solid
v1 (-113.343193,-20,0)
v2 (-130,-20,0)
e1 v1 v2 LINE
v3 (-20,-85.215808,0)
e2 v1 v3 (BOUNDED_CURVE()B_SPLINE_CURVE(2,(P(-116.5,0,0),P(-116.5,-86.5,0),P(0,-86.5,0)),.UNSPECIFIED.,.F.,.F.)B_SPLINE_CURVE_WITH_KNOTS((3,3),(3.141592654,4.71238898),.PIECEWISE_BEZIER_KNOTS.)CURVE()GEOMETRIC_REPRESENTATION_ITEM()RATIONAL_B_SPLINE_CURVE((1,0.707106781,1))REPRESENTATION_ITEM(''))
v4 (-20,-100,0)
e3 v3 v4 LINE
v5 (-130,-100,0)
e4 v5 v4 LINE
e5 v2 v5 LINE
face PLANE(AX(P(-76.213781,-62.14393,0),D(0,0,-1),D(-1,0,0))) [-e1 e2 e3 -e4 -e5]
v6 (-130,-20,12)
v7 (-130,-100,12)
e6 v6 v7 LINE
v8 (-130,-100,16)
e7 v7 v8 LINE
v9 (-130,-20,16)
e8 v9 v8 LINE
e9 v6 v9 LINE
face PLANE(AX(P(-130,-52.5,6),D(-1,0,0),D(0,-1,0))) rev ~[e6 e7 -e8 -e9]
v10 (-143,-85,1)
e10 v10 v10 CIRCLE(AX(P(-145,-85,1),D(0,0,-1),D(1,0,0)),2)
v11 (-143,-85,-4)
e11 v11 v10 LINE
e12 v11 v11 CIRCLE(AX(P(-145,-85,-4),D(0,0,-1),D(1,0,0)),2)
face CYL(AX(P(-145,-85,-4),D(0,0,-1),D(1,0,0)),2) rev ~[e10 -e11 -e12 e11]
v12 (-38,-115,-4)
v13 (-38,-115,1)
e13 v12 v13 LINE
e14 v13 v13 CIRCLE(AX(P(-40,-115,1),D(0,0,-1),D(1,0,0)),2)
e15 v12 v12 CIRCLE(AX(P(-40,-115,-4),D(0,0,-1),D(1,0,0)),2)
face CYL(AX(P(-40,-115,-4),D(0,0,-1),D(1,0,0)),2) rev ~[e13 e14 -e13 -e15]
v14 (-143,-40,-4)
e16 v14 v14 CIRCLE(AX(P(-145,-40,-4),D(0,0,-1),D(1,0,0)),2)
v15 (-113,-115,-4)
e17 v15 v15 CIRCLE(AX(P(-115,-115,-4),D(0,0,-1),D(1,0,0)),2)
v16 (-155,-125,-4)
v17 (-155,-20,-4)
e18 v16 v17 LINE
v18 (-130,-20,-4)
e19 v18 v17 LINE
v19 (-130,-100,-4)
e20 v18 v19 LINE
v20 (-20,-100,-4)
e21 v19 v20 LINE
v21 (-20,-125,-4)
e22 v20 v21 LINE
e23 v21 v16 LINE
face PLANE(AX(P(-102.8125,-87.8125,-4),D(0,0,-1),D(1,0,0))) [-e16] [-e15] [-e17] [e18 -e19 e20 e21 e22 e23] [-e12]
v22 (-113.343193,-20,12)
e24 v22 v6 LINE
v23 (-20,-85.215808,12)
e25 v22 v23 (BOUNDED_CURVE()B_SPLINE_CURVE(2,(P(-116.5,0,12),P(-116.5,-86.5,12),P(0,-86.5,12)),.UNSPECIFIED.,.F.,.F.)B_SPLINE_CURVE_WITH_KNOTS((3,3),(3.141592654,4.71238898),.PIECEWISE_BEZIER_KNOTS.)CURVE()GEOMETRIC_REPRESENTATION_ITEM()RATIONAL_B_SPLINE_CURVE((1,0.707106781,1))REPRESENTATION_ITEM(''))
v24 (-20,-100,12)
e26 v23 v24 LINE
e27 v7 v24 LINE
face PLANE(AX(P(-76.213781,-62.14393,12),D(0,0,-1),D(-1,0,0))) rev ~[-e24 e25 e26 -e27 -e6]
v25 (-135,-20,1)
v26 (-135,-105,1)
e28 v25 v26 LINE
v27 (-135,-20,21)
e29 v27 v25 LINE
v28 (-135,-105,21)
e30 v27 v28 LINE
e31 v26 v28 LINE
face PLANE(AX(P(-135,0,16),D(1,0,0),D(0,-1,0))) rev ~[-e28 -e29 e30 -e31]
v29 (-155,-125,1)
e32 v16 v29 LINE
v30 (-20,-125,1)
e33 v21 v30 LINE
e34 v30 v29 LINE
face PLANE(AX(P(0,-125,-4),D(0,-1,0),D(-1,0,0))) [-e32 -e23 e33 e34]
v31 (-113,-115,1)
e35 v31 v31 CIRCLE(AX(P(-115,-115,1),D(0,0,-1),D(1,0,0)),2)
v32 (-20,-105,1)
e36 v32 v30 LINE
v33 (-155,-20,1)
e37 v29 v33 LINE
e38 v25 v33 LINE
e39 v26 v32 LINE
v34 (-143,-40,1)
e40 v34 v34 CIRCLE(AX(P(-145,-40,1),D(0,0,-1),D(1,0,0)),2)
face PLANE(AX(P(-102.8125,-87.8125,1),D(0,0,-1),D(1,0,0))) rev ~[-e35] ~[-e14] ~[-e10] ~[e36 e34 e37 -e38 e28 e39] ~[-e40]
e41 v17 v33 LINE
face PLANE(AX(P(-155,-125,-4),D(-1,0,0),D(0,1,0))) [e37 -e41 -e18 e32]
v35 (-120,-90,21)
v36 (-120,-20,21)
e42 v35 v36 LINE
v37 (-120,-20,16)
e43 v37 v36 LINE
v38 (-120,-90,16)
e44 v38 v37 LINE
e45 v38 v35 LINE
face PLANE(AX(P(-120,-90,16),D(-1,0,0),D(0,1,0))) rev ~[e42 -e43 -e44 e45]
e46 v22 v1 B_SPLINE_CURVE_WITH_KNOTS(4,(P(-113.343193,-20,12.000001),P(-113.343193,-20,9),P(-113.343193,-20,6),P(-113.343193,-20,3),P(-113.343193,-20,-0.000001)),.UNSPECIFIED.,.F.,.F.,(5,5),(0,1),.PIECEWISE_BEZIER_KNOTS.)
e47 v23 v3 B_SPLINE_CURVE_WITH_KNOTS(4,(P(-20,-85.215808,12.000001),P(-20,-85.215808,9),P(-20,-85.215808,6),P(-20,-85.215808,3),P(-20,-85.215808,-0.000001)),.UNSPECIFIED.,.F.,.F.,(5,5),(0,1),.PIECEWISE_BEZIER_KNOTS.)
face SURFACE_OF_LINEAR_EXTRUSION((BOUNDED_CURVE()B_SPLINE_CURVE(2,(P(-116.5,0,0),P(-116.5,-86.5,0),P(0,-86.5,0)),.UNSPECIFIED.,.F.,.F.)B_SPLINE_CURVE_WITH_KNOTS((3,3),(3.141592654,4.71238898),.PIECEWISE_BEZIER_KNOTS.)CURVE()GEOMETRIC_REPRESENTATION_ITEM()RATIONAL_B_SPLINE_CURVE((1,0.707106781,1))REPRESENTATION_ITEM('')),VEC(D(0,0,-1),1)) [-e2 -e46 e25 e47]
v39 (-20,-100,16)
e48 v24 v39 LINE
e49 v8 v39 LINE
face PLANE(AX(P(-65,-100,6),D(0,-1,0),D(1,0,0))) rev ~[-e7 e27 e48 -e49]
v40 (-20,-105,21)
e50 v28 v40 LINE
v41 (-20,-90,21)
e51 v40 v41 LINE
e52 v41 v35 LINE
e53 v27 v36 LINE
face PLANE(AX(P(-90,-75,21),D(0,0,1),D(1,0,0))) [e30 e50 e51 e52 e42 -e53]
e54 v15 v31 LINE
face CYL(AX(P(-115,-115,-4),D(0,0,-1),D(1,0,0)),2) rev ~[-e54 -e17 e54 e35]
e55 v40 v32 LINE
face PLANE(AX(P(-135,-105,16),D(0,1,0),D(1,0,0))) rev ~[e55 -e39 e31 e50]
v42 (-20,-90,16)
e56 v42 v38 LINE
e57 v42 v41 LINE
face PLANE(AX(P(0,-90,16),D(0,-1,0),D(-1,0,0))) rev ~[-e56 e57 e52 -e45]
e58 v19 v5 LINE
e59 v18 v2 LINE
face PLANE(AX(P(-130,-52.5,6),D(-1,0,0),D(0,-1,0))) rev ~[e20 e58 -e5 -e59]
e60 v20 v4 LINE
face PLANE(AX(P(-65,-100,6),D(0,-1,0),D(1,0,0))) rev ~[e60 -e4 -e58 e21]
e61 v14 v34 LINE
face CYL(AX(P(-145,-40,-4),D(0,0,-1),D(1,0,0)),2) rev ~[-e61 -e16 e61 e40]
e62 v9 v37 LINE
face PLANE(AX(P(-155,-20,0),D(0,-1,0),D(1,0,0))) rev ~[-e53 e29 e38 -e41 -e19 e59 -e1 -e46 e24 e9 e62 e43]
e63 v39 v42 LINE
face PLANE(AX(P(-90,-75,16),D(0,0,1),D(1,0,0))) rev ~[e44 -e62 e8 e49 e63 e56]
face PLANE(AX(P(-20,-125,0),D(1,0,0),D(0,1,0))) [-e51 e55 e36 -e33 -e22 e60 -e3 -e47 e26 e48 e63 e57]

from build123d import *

# Parameters (mm, degrees)
F1_DEPTH  = 12
F2_W      = 130
F2_H      = 20
F3_DEPTH  = 5
F4_W      = 105
F4_H      = 20
F5_DEPTH  = 5
F6_R      = 2
F7_DEPTH  = 5
F9_DEPTH  = 5
F10_W     = 135
F10_H     = 20
F10_W_2   = 20
F10_H_2   = 105
F11_DEPTH = 25


with BuildPart() as f1:
    # F0 (on Top) → F1 (new body)
    with BuildSketch(Plane.XY):
        with BuildLine():
            add(Edge.make_bspline(
                [(-116.5, 0), (-116.5, -86.5), (0, -86.5)],
                knots=[3.1415926536, 3.1415926536, 3.1415926536, 4.7123889804, 4.7123889804, 4.7123889804], degree=2, weights=[1, 0.7071067812, 1]))
            Line((-116.5, 0), (-116.5, -86.5))
            Line((-116.5, -86.5), (0, -86.5))
        make_face()
        Polygon((-116.5, -86.5), (-116.5, 0), (-130, 0), (-130, -100), (0, -100), (0, -86.5), align=None)
    extrude(amount=F1_DEPTH)

    # F2 (on face) → F3 (join)
    with BuildSketch(Plane.XZ.offset(100)):
        with Locations((-65, 6)):
            Rectangle(F2_W, F2_H)
    extrude(amount=F3_DEPTH)

    # F4 (on face) → F5 (join)
    with BuildSketch(Plane(origin=(-130, 0, 0), x_dir=(0, -1, 0), z_dir=(-1, 0, 0))):
        with Locations((52.5, 6)):
            Rectangle(F4_W, F4_H)
    extrude(amount=F5_DEPTH)

    # F6 (on face) → F7 (join)
    with BuildSketch(Plane(origin=(0, 0, -4), x_dir=(1, 0, 0), z_dir=(0, 0, -1))):
        Polygon((0, 105), (0, 125), (-155, 125), (-155, 0), (-135, 0), (-135, 105), align=None)
        with Locations((-145, 40)):
            Circle(F6_R, mode=Mode.SUBTRACT)
        with Locations((-145, 85)):
            Circle(F6_R, mode=Mode.SUBTRACT)
        with Locations((-115, 115)):
            Circle(F6_R, mode=Mode.SUBTRACT)
        with Locations((-40, 115)):
            Circle(F6_R, mode=Mode.SUBTRACT)
    extrude(amount=-F7_DEPTH)

    # F8 (on face) → F9 (join)
    with BuildSketch(Plane.XY.offset(16)):
        Polygon((-120, 0), (-135, 0), (-135, -105), (0, -105), (0, -90), (-120, -90), align=None)
    extrude(amount=F9_DEPTH)

    # F10 (on Top) → F11 (cut, symmetric)
    with BuildSketch(Plane.XY):
        with Locations((-87.5, -10)):
            Rectangle(F10_W, F10_H)
        with Locations((-10, -10)):
            Rectangle(F10_W_2, F10_H)
        with Locations((-10, -72.5)):
            Rectangle(F10_W_2, F10_H_2)
    extrude(amount=F11_DEPTH, both=True, mode=Mode.SUBTRACT)


solid = f1.part
